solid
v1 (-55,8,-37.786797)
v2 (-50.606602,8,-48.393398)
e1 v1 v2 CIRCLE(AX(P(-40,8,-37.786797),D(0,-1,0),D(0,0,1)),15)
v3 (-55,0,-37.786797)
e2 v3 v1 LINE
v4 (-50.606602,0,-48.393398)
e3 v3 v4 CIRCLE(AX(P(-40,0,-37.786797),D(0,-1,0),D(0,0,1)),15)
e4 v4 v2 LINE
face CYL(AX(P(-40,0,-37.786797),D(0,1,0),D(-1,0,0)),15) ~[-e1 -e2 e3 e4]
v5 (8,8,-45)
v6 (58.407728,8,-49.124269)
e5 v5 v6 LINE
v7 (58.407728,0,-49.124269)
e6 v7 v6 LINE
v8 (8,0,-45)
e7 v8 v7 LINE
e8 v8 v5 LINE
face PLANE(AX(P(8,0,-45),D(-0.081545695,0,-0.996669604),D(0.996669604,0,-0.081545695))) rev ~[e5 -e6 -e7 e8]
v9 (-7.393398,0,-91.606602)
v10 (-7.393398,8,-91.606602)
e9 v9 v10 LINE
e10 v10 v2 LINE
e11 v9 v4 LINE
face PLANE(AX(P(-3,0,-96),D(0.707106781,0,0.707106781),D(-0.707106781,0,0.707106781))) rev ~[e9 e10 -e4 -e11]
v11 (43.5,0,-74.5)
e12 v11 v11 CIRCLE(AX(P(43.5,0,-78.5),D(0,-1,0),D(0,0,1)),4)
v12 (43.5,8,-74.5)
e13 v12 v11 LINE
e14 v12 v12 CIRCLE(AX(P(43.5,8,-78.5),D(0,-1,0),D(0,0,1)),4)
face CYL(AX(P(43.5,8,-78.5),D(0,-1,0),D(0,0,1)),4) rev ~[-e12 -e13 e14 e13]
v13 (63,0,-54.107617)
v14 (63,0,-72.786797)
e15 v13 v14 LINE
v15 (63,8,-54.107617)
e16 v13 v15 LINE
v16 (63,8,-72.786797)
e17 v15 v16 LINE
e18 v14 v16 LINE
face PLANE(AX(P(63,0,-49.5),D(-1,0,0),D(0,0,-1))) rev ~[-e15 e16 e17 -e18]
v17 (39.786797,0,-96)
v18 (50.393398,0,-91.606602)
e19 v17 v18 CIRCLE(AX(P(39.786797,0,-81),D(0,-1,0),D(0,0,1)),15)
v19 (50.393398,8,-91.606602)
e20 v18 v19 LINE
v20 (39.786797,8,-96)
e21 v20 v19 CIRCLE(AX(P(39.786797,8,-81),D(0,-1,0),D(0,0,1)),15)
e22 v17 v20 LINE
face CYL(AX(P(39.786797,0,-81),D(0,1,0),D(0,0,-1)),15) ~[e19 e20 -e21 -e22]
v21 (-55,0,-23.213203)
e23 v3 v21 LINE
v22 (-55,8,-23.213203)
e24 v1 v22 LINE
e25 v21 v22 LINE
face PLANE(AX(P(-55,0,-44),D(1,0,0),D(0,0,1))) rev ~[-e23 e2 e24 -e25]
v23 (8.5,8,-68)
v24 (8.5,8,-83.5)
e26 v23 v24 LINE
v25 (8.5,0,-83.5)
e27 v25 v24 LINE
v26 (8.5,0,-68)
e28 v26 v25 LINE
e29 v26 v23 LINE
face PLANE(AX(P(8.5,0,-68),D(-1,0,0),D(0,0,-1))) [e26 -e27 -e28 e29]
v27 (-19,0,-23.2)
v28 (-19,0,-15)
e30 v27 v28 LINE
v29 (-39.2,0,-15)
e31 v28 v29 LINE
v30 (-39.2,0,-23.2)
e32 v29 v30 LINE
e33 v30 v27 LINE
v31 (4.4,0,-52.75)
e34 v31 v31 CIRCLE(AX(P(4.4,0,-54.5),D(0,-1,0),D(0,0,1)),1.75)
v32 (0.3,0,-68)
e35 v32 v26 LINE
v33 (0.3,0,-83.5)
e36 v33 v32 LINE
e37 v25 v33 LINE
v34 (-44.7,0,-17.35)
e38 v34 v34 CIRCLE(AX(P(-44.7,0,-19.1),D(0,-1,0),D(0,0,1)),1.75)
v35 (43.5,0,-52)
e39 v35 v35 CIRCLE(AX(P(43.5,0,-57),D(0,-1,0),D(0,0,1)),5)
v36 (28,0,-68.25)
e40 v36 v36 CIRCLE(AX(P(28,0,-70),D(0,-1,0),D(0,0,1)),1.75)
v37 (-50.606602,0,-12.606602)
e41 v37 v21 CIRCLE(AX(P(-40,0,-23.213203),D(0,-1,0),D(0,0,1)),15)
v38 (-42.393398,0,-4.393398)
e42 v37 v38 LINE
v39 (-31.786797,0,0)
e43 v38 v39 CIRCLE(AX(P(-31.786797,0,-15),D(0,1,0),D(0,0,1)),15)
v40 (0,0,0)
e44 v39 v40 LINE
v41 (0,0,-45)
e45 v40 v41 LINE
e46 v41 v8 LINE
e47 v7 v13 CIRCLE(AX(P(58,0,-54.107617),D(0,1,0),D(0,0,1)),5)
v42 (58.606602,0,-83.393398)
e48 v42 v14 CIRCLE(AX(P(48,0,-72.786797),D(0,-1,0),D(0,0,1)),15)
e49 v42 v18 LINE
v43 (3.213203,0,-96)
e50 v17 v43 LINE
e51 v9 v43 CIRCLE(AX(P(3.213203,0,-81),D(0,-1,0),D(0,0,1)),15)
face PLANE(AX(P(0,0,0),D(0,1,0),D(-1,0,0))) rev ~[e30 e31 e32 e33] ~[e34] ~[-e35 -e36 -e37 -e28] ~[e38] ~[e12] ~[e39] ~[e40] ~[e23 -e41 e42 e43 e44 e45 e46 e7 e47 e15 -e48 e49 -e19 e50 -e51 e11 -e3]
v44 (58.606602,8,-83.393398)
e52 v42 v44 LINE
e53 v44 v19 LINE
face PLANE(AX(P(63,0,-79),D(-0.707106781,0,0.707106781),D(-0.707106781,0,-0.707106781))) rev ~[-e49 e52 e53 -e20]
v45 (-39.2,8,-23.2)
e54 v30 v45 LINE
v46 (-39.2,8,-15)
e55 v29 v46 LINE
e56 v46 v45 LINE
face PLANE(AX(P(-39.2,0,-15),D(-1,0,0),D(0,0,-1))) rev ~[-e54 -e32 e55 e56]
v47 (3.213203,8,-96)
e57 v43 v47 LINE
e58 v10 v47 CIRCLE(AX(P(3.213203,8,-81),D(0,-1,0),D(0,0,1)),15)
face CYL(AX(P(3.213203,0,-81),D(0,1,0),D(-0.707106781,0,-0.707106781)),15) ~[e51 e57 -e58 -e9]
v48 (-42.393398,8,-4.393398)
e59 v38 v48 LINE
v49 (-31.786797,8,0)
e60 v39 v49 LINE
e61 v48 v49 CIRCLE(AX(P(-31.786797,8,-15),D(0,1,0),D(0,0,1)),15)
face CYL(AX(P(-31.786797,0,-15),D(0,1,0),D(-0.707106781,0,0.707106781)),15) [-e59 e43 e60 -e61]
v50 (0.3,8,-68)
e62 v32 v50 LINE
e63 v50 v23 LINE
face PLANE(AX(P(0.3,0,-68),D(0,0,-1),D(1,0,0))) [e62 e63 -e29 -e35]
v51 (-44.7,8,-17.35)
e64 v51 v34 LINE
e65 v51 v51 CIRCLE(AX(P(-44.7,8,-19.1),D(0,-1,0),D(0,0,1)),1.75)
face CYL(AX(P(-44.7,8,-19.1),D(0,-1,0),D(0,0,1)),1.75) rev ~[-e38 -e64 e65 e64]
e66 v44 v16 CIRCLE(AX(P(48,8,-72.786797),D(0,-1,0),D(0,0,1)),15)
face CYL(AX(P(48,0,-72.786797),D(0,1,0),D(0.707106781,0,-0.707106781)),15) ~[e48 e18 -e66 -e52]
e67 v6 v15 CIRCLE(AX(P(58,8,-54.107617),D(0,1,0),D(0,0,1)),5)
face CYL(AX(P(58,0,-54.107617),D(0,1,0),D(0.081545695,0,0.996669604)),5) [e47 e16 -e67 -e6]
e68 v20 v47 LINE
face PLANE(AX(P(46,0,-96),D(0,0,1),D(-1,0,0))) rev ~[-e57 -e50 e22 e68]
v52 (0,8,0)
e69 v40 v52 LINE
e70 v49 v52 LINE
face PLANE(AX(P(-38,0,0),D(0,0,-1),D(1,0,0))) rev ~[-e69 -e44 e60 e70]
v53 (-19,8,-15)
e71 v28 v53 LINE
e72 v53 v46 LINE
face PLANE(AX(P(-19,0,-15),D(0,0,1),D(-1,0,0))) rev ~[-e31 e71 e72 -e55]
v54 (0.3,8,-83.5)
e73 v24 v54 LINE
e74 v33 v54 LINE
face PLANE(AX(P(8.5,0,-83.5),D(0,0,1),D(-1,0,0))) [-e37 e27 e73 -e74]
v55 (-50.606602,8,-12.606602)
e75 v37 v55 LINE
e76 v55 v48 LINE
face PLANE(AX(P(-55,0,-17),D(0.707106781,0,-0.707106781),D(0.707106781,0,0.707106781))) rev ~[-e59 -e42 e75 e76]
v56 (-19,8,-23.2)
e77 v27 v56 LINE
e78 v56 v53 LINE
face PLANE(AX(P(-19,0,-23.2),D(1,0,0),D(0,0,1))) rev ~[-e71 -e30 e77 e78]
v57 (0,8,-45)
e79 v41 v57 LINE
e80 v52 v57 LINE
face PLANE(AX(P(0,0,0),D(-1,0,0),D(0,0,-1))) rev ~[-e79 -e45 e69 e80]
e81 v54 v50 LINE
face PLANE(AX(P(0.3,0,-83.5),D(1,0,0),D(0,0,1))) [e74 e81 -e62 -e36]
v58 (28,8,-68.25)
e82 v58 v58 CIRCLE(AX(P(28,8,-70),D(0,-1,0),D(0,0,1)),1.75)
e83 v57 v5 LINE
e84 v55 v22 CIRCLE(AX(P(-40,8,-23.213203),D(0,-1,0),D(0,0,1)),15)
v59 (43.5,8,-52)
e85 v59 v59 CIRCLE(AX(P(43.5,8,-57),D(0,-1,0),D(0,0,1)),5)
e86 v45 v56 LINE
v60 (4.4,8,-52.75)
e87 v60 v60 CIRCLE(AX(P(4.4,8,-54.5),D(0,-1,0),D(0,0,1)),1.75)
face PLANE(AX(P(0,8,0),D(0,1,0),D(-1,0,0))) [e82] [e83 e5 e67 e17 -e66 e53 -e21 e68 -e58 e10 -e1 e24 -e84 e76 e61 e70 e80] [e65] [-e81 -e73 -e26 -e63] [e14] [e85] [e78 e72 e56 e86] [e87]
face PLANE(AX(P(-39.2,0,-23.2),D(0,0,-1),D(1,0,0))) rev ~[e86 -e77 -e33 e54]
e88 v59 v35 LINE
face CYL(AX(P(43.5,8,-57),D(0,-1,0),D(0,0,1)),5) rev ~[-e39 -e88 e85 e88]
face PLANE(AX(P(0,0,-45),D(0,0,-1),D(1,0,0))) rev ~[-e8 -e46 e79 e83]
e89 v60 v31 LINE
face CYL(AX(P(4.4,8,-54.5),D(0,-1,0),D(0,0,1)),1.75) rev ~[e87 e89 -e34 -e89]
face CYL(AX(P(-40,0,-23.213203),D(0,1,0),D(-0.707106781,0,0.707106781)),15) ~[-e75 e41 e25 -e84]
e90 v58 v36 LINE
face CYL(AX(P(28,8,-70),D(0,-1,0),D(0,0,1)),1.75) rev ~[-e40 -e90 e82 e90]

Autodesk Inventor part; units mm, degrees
ref_plane "YZ Plane" through (0, 0, 0) normal (1, 0, 0) x (0, 1, 0)
sketch "Sketch1" plane through (0, 0, 0) normal (0, 1, 0) x (-1, 0, 0)
  line L0 (38, 0) -> (0, 0)
  line L1 (0, 0) -> (0, -45)
  line L2 (0, -45) -> (-8, -45)
  line L3 (-8, -45) -> (-63, -49.5)
  line L4 (-63, -49.5) -> (-63, -79)
  line L5 (-63, -79) -> (-46, -96)
  line L6 (-46, -96) -> (3, -96)
  line L7 (3, -96) -> (55, -44)
  line L8 (55, -44) -> (55, -17)
  line L9 (55, -17) -> (38, 0)
  line L10 (19, -15) -> (39.2, -15)
  line L11 (39.2, -15) -> (39.2, -23.2)
  line L12 (39.2, -23.2) -> (19, -23.2)
  line L13 (19, -23.2) -> (19, -15)
  line L14 (-0.3, -68) -> (-8.5, -68)
  line L15 (-8.5, -68) -> (-8.5, -83.5)
  line L16 (-8.5, -83.5) -> (-0.3, -83.5)
  line L17 (-0.3, -83.5) -> (-0.3, -68)
  dimension "d0" = 45
  dimension "d1" = 55
  dimension "d2" = 63
  dimension "d3" = 96
  dimension "d4" = 8
  dimension "d6" = 45
  dimension "d7" = 45
  dimension "d8" = 45
  dimension "d9" = 46.5
  dimension "d10" = 17
  dimension "d11" = 44
  dimension "d12" = 17
  dimension "d13" = 8.2
  dimension "d14" = 20.2
  dimension "d15" = 8.2
  dimension "d16" = 15.5
  dimension "d17" = 12.5
  dimension "d18" = 19
  dimension "d19" = 15
  dimension "d20" = 54.5
extrude "Extrusion1" add sketch "Sketch1" along normal blind 8
fillet "Fillet1" radius 15 6 edges at (-38, 4, 0) (-55, 4, -17) (-55, 4, -44) (-3, 4, -96) (46, 4, -96) (63, 4, -79)
fillet "Fillet2" radius 5 1 edges at (63, 4, -49.5)
sketch "Sketch2" plane through (0, 8, 0) normal (0, 1, 0) x (1, 0, 0)
  arc A0 (58.4077, 49.1243) -> (63, 54.1076) centre (58, 54.1076) ccw construction
  line L0 (63, 54.1076) -> (63, 72.7868) construction
  arc A1 (63, 72.7868) -> (58.6066, 83.3934) centre (48, 72.7868) ccw construction
  line L1 (58.6066, 83.3934) -> (50.3934, 91.6066) construction
  arc A2 (50.3934, 91.6066) -> (39.7868, 96) centre (39.7868, 81) ccw construction
  line L2 (39.7868, 96) -> (3.2132, 96) construction
  arc A3 (3.2132, 96) -> (-7.3934, 91.6066) centre (3.2132, 81) ccw construction
  line L3 (-7.3934, 91.6066) -> (-50.6066, 48.3934) construction
  arc A4 (-50.6066, 48.3934) -> (-55, 37.7868) centre (-40, 37.7868) ccw construction
  line L4 (-55, 37.7868) -> (-55, 23.2132) construction
  arc A5 (-55, 23.2132) -> (-50.6066, 12.6066) centre (-40, 23.2132) ccw construction
  line L5 (-50.6066, 12.6066) -> (-42.3934, 4.3934) construction
  arc A6 (-42.3934, 4.3934) -> (-31.7868, 0) centre (-31.7868, 15) ccw construction
  line L6 (-31.7868, 0) -> (0, 0) construction
  line L7 (0, 0) -> (0, 45) construction
  line L8 (0, 45) -> (8, 45) construction
  line L9 (8, 45) -> (58.4077, 49.1243) construction
  line L10 (0.3, 68) -> (0.3, 83.5) construction
  line L11 (0.3, 83.5) -> (8.5, 83.5) construction
  line L12 (8.5, 83.5) -> (8.5, 68) construction
  line L13 (8.5, 68) -> (0.3, 68) construction
  line L14 (-39.2, 15) -> (-39.2, 23.2) construction
  line L15 (-39.2, 23.2) -> (-19, 23.2) construction
  line L16 (-19, 23.2) -> (-19, 15) construction
  line L17 (-19, 15) -> (-39.2, 15) construction
  line L18 (-39.2, 23.2) -> (-39.2, 15) construction
  line L19 (-39.2, 19.1) -> (-44.7, 19.1) construction
  line L20 (4.4, 54.5) -> (4.4, 68) construction
  line L21 (0.3, 68) -> (8.5, 68) construction
  line L22 (43.5, 78.5) -> (43.5, 57) construction
  line L23 (-39.2, 15) -> (-39.2, 23.2) construction
  line L24 (8.5, 68) -> (0.3, 68) construction
  point P0 (28, 70)
  dimension "d25" = 5.5
  dimension "d26" = 13.5
  dimension "d27" = 26
  dimension "d28" = 35
  dimension "d29" = 19.5
  dimension "d30" = 17.5
  dimension "d31" = 39
hole "Hole1" at (28, 8, -70) at (4.4, 8, -54.5) at (-44.7, 8, -19.1) direction (0, -1, 0) diameter 3.5 end through all
hole "Hole2" at (43.5, 8, -78.5) direction (0, -1, 0) diameter 8 end through all
hole "Hole3" at (43.5, 8, -57) direction (0, -1, 0) diameter 10 end through all
ref_plane "Work Plane1" through (4.4, 8, -54.5) normal (1, 0, 0) x (0, 0, -1)
ref_plane "Work Plane2" through (-39.2, 8, -19.1) normal (0, 0, -1) x (-1, 0, 0)
properties part number "A8-0004"
